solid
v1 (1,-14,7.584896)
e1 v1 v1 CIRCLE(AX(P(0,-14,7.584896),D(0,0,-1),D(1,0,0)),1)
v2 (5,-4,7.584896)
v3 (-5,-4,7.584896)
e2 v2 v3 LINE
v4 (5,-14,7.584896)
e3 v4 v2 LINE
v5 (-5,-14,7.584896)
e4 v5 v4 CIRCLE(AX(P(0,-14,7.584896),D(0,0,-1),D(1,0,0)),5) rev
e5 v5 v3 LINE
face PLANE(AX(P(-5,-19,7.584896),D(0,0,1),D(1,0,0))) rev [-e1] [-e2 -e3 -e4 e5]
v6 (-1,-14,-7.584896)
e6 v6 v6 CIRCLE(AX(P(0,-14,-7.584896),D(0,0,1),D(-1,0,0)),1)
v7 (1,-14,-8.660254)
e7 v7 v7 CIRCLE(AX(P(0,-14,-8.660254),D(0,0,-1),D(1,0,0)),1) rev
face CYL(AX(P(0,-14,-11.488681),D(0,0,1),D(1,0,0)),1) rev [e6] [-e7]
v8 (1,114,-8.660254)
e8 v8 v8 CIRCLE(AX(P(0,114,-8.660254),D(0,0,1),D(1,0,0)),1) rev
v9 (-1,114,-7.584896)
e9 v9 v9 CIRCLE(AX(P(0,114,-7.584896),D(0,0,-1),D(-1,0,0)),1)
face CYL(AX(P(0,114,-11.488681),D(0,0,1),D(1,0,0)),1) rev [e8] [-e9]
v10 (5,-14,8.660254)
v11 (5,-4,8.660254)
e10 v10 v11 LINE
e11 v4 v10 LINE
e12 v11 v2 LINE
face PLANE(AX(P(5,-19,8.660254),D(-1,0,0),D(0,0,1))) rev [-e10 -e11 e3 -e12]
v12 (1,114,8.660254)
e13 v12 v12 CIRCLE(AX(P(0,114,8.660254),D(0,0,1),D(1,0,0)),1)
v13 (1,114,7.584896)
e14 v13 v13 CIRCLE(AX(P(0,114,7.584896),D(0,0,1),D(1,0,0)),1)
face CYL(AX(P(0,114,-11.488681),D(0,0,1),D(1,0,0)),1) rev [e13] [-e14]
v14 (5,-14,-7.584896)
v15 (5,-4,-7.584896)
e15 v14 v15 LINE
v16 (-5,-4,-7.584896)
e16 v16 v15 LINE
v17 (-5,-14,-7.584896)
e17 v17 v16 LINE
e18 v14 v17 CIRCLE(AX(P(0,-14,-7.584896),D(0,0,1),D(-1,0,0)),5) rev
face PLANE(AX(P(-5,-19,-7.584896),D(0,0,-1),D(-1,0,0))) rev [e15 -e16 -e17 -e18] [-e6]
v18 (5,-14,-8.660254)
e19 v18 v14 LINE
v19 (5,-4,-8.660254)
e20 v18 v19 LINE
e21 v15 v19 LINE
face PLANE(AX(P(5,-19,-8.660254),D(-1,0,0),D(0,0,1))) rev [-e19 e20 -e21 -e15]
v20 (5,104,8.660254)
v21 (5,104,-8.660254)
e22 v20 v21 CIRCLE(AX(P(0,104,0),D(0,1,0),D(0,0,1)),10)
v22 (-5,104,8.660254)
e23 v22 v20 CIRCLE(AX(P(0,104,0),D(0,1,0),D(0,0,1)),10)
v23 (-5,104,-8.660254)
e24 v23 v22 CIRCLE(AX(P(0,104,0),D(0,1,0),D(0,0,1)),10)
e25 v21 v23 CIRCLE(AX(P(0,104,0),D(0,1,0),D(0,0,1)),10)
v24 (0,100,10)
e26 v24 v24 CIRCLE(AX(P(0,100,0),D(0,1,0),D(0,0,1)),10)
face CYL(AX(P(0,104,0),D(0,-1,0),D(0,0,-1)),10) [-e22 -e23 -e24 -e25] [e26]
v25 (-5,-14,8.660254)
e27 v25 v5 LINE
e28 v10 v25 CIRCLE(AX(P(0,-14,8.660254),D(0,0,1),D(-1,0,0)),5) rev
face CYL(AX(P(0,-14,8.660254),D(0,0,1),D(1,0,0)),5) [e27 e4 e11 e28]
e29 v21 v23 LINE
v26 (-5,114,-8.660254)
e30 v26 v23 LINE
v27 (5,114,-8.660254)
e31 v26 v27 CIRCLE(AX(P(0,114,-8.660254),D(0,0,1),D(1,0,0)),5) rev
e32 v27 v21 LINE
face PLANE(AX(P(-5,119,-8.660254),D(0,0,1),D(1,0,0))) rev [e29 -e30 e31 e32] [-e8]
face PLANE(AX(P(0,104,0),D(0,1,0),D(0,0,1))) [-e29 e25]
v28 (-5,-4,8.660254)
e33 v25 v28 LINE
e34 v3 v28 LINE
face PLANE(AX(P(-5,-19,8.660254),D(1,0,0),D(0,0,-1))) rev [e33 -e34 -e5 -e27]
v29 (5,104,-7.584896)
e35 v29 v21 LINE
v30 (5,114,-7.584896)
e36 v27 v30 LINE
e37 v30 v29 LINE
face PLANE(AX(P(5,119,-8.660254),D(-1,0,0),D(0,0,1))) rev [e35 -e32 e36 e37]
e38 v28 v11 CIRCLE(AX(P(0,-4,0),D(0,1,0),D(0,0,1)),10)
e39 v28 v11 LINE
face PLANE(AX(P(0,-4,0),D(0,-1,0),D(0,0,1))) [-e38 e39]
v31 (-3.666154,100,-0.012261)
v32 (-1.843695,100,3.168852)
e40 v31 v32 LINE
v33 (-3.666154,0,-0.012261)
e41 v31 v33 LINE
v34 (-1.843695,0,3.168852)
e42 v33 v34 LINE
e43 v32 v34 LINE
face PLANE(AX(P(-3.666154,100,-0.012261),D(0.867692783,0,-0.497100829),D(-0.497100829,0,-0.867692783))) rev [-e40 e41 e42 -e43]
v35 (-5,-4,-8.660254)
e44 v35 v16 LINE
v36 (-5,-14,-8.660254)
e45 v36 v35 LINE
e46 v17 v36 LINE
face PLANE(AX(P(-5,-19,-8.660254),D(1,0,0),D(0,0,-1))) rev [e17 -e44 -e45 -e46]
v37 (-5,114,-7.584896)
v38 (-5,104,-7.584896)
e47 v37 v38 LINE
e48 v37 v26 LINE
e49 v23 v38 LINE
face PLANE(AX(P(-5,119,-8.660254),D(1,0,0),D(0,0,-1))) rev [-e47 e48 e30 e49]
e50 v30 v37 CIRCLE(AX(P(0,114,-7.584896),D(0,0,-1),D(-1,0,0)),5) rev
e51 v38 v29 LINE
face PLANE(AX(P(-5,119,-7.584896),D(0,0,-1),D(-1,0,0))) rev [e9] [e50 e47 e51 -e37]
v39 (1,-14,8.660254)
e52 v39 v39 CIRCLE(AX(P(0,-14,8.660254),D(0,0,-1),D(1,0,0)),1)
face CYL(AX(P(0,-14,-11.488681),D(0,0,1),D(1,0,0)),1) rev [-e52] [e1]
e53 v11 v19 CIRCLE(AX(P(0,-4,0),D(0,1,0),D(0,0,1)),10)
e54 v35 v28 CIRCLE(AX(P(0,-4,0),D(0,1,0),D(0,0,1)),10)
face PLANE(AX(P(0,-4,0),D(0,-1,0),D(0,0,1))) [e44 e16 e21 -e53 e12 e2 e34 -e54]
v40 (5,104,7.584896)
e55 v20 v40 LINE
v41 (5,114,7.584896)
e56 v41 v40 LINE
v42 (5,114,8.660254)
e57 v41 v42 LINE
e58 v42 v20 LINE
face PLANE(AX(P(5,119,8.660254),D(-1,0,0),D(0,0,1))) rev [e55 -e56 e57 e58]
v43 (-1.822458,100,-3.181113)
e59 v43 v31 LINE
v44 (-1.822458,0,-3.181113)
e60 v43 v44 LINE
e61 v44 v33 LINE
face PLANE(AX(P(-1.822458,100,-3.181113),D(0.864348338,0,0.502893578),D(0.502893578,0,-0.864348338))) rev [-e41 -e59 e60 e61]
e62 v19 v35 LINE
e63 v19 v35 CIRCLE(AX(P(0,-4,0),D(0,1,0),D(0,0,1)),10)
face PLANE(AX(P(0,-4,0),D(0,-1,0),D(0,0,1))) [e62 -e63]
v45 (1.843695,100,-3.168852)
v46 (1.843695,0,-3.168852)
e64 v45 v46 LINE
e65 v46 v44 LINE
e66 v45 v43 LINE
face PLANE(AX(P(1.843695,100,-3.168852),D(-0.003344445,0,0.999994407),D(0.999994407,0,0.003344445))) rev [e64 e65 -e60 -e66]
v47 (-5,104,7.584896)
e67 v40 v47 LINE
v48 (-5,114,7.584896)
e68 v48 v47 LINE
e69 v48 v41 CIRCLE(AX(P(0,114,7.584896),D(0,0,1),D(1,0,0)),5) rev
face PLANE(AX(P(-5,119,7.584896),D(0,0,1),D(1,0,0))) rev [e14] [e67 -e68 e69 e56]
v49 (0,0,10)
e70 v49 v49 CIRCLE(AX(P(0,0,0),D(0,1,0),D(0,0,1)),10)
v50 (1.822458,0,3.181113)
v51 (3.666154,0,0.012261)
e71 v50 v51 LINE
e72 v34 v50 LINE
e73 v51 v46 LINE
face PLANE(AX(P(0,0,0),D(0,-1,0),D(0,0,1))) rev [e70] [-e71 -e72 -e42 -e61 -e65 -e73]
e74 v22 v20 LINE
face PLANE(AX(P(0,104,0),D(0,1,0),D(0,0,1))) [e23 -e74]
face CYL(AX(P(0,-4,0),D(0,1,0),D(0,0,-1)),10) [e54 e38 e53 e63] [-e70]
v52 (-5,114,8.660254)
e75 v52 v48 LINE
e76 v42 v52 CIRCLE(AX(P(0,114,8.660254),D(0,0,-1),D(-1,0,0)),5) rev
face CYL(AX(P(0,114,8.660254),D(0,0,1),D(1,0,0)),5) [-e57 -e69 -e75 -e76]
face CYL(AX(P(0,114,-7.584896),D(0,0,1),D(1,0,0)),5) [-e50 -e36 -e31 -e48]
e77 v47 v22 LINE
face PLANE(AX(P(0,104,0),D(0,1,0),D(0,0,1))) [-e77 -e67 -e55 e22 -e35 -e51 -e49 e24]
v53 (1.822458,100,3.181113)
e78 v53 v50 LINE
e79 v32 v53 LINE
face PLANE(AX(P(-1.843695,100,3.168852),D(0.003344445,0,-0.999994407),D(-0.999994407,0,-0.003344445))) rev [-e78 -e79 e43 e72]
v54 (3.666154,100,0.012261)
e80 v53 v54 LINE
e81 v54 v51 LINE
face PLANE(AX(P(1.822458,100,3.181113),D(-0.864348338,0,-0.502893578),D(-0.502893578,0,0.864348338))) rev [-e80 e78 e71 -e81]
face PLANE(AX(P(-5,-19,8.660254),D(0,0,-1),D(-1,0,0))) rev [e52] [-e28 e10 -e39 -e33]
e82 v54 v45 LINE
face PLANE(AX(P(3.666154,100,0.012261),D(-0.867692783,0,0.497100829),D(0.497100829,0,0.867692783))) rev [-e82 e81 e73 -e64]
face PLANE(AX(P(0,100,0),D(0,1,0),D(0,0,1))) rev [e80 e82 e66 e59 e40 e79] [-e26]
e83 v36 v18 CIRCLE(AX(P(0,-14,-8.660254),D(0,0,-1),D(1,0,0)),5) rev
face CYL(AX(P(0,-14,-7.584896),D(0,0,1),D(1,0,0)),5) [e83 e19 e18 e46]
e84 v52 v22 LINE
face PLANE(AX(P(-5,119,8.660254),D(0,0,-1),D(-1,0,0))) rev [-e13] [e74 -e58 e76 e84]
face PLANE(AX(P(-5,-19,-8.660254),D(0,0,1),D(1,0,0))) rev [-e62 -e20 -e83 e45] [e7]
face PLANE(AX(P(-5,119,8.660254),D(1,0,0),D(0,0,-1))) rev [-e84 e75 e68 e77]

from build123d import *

# Parameters (mm, degrees)
BOSS_EXTRUDE1_DEPTH = 100
SKETCH3_R           = 10
BOSS_EXTRUDE2_DEPTH = 4
SKETCH5_W           = 10
SKETCH5_H           = 1.075357982
BOSS_EXTRUDE3_DEPTH = 15
FILLET3_RADIUS      = 5
FILLET3_LENGTH      = 1.075357982
FILLET4_RADIUS      = 5
FILLET4_LENGTH      = 1.075357982
CUT_EXTRUDE1_REACH  = 122.869
SKETCH6_R           = 1


with BuildPart() as part:
    # Sketch2 → Boss-Extrude1 (new body)
    with BuildSketch(Plane(origin=(0, 0, 0), x_dir=(1, 0, 0), z_dir=(0, 1, 0))):
        Polygon((1.843695467, 3.168851584), (-1.822458239, 3.181112903), (-3.666153706, 0.012261319), (-1.843695467, -3.168851584), (1.822458239, -3.181112903), (3.666153706, -0.012261319), align=None)
    extrude(amount=BOSS_EXTRUDE1_DEPTH)

    # Sketch3 → Boss-Extrude2 (add)
    with BuildSketch(Plane(origin=(0, 100, 0), x_dir=(1, 0, 0), z_dir=(0, 1, 0))):
        with Locations(Location((0, 0, 0), (0, 0, 270))):
            Circle(SKETCH3_R)
    extrude(amount=BOSS_EXTRUDE2_DEPTH)

    # Sketch5 → Boss-Extrude3 (add)
    with BuildSketch(Plane(origin=(0, 104, 0), x_dir=(1, 0, 0), z_dir=(0, 1, 0))):
        with Locations((0, 8.122575047)):
            Rectangle(SKETCH5_W, SKETCH5_H)
        with Locations((0, -8.122575047)):
            Rectangle(SKETCH5_W, SKETCH5_H)
    extrude(amount=BOSS_EXTRUDE3_DEPTH)

    # Fillet3: full round fillet: the end face becomes a half cylinder, R = half its width
    fillet3_face = Plane((0, 119, 8.122575047), x_dir=(0, 0, -1), z_dir=(0, 1, 0))  # on the end face: x along it, z out of the body
    fillet3_slab = fillet3_face.offset(-FILLET3_RADIUS / 2) * Box(FILLET3_LENGTH, 2 * FILLET3_RADIUS, FILLET3_RADIUS, mode=Mode.PRIVATE)  # the body's end, R deep
    fillet3_round = Plane((0, 114, 8.122575047), x_dir=(0, 1, 0), z_dir=(0, 0, -1)) * Cylinder(FILLET3_RADIUS, FILLET3_LENGTH, mode=Mode.PRIVATE)  # its axis R under the face
    add(fillet3_slab - fillet3_round, mode=Mode.SUBTRACT)

    # Fillet4: full round fillet: the end face becomes a half cylinder, R = half its width
    fillet4_face = Plane((0, 119, -8.122575047), x_dir=(0, 0, 1), z_dir=(0, 1, 0))  # on the end face: x along it, z out of the body
    fillet4_slab = fillet4_face.offset(-FILLET4_RADIUS / 2) * Box(FILLET4_LENGTH, 2 * FILLET4_RADIUS, FILLET4_RADIUS, mode=Mode.PRIVATE)  # the body's end, R deep
    fillet4_round = Plane((0, 114, -8.122575047), x_dir=(0, 1, 0), z_dir=(0, 0, 1)) * Cylinder(FILLET4_RADIUS, FILLET4_LENGTH, mode=Mode.PRIVATE)  # its axis R under the face
    add(fillet4_slab - fillet4_round, mode=Mode.SUBTRACT)

    # Cut-Extrude1: up to this face of the body (flat: up to its plane)
    cut_extrude1_end = Plane(part.part.faces().sort_by_distance((0, 111.008207501, -8.660254038))[0])
    # Sketch6 → Cut-Extrude1 (cut, up to the picked face)
    with BuildSketch(Plane.XY.offset(8.660254038), mode=Mode.PRIVATE) as cut_extrude1_sk1:
        with Locations((0, 114)):
            Circle(SKETCH6_R)
    cut_extrude1_tool1 = split(extrude(cut_extrude1_sk1.sketch, amount=-CUT_EXTRUDE1_REACH, mode=Mode.PRIVATE), bisect_by=cut_extrude1_end, keep=Keep.BOTH, mode=Mode.PRIVATE)
    add(cut_extrude1_tool1.solids().sort_by(Axis((0, 114, 8.660254), (0, 0, -1)))[0], mode=Mode.SUBTRACT)

    # Mirror1: part across plane


with BuildPart() as part_1:
    add(part.part)
    add(part.part.mirror(Plane(origin=(0, 50, 0), x_dir=(0, 0, 1), z_dir=(0, -1, 0))))


solid = part_1.part
